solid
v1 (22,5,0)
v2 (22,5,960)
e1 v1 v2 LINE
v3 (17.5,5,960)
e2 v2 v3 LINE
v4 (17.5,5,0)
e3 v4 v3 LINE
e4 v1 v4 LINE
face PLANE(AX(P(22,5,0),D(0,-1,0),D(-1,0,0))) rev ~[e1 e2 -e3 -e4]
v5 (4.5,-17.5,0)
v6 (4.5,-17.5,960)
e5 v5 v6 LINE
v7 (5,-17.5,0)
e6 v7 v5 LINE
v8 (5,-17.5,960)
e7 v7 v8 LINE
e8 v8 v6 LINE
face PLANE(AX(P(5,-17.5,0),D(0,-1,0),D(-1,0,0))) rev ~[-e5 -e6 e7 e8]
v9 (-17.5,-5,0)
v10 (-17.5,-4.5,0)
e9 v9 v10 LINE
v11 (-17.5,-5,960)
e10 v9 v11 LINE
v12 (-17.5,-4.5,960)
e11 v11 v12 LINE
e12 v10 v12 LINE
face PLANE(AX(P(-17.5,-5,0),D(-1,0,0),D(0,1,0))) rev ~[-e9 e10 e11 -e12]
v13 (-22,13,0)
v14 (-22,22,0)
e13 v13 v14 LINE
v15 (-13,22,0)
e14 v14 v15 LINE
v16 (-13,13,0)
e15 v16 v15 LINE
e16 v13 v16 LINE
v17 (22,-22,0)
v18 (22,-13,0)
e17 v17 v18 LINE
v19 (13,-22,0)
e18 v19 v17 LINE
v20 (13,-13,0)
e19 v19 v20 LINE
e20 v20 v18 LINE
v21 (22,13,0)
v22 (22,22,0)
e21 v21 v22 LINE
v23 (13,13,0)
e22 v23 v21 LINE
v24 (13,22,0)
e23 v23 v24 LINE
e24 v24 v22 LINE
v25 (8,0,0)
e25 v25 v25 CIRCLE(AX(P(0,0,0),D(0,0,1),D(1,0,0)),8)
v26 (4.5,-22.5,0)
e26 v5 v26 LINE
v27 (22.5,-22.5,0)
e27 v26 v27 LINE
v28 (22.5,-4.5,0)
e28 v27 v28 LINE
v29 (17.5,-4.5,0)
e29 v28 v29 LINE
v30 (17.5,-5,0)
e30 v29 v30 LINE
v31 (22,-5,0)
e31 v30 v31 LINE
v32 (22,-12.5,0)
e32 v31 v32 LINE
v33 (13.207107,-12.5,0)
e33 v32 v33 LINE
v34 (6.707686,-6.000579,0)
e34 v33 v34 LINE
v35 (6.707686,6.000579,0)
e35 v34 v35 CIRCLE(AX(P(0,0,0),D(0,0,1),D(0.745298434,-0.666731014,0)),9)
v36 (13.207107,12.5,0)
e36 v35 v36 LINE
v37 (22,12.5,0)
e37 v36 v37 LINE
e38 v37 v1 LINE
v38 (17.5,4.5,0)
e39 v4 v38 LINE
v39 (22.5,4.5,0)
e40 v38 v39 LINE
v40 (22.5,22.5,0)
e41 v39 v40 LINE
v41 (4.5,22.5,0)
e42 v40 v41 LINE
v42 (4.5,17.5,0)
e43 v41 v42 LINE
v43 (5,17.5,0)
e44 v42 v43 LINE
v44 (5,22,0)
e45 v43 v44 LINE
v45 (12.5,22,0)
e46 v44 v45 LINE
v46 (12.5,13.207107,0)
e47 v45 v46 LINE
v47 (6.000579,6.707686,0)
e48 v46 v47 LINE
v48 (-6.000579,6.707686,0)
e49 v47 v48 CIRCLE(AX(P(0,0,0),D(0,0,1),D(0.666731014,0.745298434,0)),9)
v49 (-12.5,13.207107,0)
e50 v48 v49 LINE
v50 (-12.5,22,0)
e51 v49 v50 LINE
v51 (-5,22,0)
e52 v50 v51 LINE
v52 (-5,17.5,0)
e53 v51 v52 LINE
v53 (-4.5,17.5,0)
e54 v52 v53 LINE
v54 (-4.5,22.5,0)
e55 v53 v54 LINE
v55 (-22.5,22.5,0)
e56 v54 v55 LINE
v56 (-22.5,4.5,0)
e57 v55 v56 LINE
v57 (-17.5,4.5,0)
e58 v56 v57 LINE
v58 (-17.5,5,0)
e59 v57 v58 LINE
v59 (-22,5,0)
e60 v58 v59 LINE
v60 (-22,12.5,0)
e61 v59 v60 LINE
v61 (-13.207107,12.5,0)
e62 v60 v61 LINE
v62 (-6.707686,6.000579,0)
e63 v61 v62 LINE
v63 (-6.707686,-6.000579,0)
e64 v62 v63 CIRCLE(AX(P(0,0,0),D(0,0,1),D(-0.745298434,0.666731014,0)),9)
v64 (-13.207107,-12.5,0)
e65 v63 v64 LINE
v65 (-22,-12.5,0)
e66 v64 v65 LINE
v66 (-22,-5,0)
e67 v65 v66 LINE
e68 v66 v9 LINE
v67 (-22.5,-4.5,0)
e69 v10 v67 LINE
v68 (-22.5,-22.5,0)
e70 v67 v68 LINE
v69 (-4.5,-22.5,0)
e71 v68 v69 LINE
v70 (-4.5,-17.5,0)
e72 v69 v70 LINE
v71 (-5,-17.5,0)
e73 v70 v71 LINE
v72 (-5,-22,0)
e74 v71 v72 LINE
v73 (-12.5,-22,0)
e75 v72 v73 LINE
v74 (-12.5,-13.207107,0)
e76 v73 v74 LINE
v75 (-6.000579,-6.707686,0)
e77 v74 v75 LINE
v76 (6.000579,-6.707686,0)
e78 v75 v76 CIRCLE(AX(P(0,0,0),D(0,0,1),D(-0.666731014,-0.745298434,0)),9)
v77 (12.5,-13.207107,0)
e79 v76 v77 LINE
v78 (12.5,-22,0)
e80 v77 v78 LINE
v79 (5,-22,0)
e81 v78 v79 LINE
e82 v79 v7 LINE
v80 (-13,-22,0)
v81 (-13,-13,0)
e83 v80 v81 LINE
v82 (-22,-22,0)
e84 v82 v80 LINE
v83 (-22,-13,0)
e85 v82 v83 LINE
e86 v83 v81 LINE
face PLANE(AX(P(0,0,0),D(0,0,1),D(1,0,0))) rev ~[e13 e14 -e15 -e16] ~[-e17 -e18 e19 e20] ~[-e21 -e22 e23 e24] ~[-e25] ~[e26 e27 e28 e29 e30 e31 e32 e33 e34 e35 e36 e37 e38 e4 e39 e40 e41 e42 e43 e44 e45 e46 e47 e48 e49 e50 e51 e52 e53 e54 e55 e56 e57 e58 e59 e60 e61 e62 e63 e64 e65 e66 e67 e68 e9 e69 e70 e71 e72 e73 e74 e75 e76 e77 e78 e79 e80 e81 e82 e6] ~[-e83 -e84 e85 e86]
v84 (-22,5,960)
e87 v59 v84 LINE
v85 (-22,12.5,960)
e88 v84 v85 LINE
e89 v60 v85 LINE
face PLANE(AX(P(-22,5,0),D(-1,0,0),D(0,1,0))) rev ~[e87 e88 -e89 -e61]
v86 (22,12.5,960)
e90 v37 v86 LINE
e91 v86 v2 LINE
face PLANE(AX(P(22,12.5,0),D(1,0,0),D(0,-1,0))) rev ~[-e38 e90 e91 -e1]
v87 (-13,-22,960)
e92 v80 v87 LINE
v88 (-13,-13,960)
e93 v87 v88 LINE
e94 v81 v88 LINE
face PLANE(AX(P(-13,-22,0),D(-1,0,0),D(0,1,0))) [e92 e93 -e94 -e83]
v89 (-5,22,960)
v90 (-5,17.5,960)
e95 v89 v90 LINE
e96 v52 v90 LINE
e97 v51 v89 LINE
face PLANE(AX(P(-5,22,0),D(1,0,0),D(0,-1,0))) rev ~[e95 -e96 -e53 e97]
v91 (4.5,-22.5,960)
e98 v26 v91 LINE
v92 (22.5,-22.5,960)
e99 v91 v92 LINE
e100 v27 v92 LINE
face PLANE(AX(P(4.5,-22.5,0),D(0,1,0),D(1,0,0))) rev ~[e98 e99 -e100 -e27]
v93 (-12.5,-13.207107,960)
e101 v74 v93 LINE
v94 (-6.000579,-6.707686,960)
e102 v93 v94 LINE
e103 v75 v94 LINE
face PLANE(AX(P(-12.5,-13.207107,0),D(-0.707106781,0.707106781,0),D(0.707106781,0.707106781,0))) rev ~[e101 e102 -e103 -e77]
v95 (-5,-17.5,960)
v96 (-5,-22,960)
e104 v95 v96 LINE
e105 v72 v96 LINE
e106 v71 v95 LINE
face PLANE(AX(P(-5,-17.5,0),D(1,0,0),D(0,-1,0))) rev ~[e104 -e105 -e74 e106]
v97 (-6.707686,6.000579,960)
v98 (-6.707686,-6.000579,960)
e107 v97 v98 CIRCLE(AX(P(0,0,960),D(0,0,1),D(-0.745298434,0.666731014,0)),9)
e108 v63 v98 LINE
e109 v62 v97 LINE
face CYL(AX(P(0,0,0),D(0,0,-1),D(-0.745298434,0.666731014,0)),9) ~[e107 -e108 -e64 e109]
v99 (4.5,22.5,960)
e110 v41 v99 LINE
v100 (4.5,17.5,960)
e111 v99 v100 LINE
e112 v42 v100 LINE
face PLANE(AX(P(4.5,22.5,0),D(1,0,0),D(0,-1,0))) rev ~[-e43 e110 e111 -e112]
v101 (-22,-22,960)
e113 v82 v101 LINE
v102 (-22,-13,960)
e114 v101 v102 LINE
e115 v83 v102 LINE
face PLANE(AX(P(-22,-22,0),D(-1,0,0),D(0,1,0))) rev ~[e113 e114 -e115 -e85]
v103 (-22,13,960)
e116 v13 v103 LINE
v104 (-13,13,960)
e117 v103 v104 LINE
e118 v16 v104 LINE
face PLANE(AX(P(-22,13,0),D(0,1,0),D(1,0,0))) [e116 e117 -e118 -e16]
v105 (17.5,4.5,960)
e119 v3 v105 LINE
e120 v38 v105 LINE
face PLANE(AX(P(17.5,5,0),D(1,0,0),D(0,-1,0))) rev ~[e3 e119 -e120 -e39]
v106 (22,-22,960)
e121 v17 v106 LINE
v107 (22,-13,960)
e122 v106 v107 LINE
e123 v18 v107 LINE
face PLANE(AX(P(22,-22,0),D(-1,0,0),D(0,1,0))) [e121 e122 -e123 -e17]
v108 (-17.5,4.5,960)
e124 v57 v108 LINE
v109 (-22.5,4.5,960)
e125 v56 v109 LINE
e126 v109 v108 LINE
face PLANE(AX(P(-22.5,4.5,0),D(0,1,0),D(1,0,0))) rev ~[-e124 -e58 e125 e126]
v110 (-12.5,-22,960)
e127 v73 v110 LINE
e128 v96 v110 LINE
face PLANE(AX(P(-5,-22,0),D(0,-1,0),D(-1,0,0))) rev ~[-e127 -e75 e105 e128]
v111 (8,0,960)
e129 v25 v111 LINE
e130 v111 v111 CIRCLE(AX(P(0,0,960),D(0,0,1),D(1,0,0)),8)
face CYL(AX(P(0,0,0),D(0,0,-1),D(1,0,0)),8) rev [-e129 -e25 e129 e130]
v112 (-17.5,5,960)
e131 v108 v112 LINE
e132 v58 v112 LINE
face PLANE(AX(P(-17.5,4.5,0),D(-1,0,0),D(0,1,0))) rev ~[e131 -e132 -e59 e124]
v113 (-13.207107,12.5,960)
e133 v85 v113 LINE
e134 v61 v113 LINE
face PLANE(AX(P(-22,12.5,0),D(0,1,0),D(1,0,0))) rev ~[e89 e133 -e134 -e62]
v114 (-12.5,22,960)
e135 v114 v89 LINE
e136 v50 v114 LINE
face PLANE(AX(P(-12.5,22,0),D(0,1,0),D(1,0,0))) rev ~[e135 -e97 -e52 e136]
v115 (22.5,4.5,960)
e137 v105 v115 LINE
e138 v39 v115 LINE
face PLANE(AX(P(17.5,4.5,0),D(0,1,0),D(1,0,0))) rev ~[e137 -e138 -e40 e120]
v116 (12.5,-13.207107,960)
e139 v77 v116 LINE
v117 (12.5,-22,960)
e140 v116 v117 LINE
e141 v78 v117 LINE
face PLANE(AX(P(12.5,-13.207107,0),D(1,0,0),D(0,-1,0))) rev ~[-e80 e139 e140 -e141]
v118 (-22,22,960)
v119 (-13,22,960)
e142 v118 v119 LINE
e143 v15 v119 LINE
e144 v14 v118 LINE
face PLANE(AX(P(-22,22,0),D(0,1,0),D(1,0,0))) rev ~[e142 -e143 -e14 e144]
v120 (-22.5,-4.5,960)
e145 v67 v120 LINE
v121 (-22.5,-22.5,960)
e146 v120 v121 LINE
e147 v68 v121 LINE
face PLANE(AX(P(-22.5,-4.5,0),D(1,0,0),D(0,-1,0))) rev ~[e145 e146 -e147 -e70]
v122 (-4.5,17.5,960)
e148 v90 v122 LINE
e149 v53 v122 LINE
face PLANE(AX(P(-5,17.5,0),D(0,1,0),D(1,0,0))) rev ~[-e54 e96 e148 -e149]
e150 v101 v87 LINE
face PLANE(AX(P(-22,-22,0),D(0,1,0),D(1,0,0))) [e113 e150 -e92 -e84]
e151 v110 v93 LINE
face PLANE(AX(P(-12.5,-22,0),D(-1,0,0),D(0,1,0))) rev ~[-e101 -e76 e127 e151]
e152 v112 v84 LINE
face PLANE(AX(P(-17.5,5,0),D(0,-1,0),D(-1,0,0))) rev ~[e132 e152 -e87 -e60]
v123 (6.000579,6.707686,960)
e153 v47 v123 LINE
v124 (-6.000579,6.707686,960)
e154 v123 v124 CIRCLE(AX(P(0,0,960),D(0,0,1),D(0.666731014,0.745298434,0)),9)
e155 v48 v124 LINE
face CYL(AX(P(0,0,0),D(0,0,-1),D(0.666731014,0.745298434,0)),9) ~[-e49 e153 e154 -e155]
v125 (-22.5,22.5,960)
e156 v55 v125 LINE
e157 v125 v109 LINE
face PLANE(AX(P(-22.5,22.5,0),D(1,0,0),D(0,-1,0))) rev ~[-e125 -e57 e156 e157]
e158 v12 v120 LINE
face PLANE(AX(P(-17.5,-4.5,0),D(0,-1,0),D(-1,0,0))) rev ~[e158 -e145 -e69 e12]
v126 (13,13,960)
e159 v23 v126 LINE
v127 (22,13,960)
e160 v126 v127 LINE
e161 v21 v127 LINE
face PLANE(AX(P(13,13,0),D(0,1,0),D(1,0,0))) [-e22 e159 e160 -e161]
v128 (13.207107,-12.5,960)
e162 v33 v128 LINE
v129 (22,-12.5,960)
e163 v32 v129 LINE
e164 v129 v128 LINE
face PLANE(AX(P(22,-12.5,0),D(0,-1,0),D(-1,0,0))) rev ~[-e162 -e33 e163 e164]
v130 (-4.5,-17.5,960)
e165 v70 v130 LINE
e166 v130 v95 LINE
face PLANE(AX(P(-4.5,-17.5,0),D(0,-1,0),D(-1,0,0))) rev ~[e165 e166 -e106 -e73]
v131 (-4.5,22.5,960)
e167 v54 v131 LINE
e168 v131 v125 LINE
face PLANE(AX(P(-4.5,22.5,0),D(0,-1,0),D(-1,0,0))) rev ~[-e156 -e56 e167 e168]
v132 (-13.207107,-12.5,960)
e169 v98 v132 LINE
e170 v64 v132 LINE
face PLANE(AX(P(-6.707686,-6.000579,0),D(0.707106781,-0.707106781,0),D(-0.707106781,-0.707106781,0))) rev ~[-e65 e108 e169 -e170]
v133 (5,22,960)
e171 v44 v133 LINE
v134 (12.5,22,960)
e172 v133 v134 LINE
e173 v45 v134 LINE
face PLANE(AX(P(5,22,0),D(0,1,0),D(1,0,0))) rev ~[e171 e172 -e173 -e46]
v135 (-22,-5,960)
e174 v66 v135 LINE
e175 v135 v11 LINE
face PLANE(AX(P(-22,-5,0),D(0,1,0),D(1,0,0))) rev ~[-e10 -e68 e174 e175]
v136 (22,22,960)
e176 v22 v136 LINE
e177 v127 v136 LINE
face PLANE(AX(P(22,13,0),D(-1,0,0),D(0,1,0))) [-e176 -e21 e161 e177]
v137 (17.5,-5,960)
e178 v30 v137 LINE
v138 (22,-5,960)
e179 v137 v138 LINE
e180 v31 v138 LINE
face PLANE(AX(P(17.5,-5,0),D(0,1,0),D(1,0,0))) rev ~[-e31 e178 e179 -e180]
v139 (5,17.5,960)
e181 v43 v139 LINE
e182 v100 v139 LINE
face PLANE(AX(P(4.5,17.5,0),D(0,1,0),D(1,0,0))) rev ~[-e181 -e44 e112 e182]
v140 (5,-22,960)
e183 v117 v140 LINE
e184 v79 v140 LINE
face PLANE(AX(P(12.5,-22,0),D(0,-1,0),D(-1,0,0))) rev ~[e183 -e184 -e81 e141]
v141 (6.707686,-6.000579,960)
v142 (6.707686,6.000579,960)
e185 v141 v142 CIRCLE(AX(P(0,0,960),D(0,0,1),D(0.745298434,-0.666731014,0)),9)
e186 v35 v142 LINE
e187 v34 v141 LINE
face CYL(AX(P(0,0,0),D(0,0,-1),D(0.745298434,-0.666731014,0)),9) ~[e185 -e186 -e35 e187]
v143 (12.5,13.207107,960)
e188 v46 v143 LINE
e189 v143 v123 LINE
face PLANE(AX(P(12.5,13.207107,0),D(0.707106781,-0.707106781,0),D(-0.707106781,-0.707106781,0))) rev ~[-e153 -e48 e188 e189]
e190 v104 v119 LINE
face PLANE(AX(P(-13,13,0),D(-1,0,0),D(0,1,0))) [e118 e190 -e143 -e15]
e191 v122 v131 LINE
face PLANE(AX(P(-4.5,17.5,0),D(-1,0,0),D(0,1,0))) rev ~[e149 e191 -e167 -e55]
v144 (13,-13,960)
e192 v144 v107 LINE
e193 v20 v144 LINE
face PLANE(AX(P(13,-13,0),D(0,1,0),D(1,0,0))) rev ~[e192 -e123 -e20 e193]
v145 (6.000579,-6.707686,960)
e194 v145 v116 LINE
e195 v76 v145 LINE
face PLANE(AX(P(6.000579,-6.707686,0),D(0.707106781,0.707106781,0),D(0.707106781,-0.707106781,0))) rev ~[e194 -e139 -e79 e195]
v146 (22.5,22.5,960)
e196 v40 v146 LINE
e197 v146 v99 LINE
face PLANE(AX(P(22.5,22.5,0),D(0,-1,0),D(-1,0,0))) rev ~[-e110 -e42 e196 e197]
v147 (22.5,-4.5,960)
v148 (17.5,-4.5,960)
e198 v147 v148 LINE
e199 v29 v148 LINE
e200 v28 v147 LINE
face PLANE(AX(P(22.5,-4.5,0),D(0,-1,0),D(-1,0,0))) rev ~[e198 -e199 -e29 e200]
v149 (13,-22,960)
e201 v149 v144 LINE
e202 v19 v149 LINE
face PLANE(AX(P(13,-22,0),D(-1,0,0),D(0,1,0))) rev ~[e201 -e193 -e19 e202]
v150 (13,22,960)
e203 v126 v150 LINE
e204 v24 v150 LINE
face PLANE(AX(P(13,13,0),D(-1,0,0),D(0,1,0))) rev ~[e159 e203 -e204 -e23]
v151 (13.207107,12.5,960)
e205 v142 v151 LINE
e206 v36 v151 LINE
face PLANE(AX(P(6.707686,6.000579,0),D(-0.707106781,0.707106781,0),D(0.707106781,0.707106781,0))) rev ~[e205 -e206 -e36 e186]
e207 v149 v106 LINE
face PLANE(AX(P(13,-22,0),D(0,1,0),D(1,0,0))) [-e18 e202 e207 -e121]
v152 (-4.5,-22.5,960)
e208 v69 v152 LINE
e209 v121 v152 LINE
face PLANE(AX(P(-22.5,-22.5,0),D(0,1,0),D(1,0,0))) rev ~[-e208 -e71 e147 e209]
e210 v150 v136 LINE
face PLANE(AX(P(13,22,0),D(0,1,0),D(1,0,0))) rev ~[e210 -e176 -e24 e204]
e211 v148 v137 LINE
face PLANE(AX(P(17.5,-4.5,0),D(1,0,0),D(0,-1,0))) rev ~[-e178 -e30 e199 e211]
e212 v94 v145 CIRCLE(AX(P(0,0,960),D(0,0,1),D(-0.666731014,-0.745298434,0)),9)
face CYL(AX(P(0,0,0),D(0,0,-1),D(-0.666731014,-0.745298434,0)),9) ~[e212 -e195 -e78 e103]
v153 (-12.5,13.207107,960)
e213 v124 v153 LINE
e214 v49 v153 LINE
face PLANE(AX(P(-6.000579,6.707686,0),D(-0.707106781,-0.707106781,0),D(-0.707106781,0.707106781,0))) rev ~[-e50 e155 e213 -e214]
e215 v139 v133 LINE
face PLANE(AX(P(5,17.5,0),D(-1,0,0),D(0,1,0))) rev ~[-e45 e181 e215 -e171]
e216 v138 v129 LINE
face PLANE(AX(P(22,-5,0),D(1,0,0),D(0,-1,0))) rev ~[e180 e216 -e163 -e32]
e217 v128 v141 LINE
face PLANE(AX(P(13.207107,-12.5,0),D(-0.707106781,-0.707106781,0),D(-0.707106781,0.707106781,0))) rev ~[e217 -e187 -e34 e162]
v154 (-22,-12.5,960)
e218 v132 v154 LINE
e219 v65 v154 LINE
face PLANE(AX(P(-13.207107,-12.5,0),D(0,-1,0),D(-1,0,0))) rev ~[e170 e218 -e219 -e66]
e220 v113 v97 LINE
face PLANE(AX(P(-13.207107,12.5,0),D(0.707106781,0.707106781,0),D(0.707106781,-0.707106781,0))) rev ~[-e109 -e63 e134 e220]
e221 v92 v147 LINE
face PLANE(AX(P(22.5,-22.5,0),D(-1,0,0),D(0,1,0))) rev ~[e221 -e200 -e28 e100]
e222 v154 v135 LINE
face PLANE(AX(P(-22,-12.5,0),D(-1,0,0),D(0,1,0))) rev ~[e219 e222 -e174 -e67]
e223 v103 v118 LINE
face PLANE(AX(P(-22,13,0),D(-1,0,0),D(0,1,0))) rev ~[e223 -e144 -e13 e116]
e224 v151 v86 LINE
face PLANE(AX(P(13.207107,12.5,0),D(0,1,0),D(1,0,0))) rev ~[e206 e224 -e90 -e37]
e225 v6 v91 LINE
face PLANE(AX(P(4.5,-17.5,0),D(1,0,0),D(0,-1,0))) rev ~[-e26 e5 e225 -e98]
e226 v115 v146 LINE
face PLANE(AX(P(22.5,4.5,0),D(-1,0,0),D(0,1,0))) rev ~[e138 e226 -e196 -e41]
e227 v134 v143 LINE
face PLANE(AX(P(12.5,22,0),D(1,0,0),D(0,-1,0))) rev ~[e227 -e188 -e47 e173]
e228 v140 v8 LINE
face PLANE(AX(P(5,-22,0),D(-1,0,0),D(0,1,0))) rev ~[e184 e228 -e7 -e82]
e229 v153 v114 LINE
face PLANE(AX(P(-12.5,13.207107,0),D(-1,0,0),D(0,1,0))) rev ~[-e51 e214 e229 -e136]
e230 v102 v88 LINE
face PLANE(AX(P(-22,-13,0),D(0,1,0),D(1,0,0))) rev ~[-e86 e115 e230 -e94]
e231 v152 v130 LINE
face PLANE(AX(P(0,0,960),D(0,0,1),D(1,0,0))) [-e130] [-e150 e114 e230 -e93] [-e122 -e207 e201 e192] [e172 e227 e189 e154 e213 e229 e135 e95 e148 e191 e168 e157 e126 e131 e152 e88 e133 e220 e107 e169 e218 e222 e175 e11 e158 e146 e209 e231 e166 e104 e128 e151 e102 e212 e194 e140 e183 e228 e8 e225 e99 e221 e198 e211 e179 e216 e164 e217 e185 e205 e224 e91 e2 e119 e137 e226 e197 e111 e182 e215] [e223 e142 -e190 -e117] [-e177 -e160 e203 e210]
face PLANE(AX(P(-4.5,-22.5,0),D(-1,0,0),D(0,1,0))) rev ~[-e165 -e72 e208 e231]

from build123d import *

# Parameters (mm, degrees)
ESBO_O1_W                = 9
ESBO_O1_H                = 9
ESBO_O1_R                = 8
RESSALTO_EXTRUS_O4_DEPTH = 960


with BuildPart() as part:
    # Esboço1 → Ressalto-extrusão4 (new body)
    with BuildSketch(Plane.XY):
        with BuildLine():
            Line((-4.5, 22.5), (-22.5, 22.5))
            Line((-22.5, 22.5), (-22.5, 4.5))
            Line((-22.5, 4.5), (-17.5, 4.5))
            Line((-17.5, 4.5), (-17.5, 5))
            Line((-17.5, 5), (-22, 5))
            Line((-22, 5), (-22, 12.5))
            Line((-22, 12.5), (-13.207106781, 12.5))
            Line((-13.207106781, 12.5), (-6.707685904, 6.000579123))
            ThreePointArc((-6.707685904, 6.000579123), (-9, 0), (-6.707685904, -6.000579123))
            Line((-6.707685904, -6.000579123), (-13.207106781, -12.5))
            Line((-13.207106781, -12.5), (-22, -12.5))
            Line((-22, -12.5), (-22, -5))
            Line((-22, -5), (-17.5, -5))
            Line((-17.5, -5), (-17.5, -4.5))
            Line((-17.5, -4.5), (-22.5, -4.5))
            Line((-22.5, -4.5), (-22.5, -22.5))
            Line((-22.5, -22.5), (-4.5, -22.5))
            Line((-4.5, -22.5), (-4.5, -17.5))
            Line((-4.5, -17.5), (-5, -17.5))
            Line((-5, -17.5), (-5, -22))
            Line((-5, -22), (-12.5, -22))
            Line((-12.5, -22), (-12.5, -13.207106781))
            Line((-12.5, -13.207106781), (-6.000579123, -6.707685904))
            ThreePointArc((-6.000579123, -6.707685904), (0, -9), (6.000579123, -6.707685904))
            Line((6.000579123, -6.707685904), (12.5, -13.207106781))
            Line((12.5, -13.207106781), (12.5, -22))
            Line((12.5, -22), (5, -22))
            Line((5, -22), (5, -17.5))
            Line((5, -17.5), (4.5, -17.5))
            Line((4.5, -17.5), (4.5, -22.5))
            Line((4.5, -22.5), (22.5, -22.5))
            Line((22.5, -22.5), (22.5, -4.5))
            Line((22.5, -4.5), (17.5, -4.5))
            Line((17.5, -4.5), (17.5, -5))
            Line((17.5, -5), (22, -5))
            Line((22, -5), (22, -12.5))
            Line((22, -12.5), (13.207106781, -12.5))
            Line((13.207106781, -12.5), (6.707685904, -6.000579123))
            ThreePointArc((6.707685904, -6.000579123), (9, 0), (6.707685904, 6.000579123))
            Line((6.707685904, 6.000579123), (13.207106781, 12.5))
            Line((13.207106781, 12.5), (22, 12.5))
            Line((22, 12.5), (22, 5))
            Line((22, 5), (17.5, 5))
            Line((17.5, 5), (17.5, 4.5))
            Line((17.5, 4.5), (22.5, 4.5))
            Line((22.5, 4.5), (22.5, 22.5))
            Line((22.5, 22.5), (4.5, 22.5))
            Line((4.5, 22.5), (4.5, 17.5))
            Line((4.5, 17.5), (5, 17.5))
            Line((5, 17.5), (5, 22))
            Line((5, 22), (12.5, 22))
            Line((12.5, 22), (12.5, 13.207106781))
            Line((12.5, 13.207106781), (6.000579123, 6.707685904))
            ThreePointArc((6.000579123, 6.707685904), (0, 9), (-6.000579123, 6.707685904))
            Line((-6.000579123, 6.707685904), (-12.5, 13.207106781))
            Line((-12.5, 13.207106781), (-12.5, 22))
            Line((-12.5, 22), (-5, 22))
            Line((-5, 22), (-5, 17.5))
            Line((-5, 17.5), (-4.5, 17.5))
            Line((-4.5, 17.5), (-4.5, 22.5))
        make_face()
        with Locations((17.5, 17.5)):
            Rectangle(ESBO_O1_W, ESBO_O1_H, mode=Mode.SUBTRACT)
        with Locations((-17.5, -17.5)):
            Rectangle(ESBO_O1_W, ESBO_O1_H, mode=Mode.SUBTRACT)
        with Locations((17.5, -17.5)):
            Rectangle(ESBO_O1_W, ESBO_O1_H, mode=Mode.SUBTRACT)
        with Locations((-17.5, 17.5)):
            Rectangle(ESBO_O1_W, ESBO_O1_H, mode=Mode.SUBTRACT)
        Circle(ESBO_O1_R, mode=Mode.SUBTRACT)
    extrude(amount=RESSALTO_EXTRUS_O4_DEPTH)


solid = part.part
